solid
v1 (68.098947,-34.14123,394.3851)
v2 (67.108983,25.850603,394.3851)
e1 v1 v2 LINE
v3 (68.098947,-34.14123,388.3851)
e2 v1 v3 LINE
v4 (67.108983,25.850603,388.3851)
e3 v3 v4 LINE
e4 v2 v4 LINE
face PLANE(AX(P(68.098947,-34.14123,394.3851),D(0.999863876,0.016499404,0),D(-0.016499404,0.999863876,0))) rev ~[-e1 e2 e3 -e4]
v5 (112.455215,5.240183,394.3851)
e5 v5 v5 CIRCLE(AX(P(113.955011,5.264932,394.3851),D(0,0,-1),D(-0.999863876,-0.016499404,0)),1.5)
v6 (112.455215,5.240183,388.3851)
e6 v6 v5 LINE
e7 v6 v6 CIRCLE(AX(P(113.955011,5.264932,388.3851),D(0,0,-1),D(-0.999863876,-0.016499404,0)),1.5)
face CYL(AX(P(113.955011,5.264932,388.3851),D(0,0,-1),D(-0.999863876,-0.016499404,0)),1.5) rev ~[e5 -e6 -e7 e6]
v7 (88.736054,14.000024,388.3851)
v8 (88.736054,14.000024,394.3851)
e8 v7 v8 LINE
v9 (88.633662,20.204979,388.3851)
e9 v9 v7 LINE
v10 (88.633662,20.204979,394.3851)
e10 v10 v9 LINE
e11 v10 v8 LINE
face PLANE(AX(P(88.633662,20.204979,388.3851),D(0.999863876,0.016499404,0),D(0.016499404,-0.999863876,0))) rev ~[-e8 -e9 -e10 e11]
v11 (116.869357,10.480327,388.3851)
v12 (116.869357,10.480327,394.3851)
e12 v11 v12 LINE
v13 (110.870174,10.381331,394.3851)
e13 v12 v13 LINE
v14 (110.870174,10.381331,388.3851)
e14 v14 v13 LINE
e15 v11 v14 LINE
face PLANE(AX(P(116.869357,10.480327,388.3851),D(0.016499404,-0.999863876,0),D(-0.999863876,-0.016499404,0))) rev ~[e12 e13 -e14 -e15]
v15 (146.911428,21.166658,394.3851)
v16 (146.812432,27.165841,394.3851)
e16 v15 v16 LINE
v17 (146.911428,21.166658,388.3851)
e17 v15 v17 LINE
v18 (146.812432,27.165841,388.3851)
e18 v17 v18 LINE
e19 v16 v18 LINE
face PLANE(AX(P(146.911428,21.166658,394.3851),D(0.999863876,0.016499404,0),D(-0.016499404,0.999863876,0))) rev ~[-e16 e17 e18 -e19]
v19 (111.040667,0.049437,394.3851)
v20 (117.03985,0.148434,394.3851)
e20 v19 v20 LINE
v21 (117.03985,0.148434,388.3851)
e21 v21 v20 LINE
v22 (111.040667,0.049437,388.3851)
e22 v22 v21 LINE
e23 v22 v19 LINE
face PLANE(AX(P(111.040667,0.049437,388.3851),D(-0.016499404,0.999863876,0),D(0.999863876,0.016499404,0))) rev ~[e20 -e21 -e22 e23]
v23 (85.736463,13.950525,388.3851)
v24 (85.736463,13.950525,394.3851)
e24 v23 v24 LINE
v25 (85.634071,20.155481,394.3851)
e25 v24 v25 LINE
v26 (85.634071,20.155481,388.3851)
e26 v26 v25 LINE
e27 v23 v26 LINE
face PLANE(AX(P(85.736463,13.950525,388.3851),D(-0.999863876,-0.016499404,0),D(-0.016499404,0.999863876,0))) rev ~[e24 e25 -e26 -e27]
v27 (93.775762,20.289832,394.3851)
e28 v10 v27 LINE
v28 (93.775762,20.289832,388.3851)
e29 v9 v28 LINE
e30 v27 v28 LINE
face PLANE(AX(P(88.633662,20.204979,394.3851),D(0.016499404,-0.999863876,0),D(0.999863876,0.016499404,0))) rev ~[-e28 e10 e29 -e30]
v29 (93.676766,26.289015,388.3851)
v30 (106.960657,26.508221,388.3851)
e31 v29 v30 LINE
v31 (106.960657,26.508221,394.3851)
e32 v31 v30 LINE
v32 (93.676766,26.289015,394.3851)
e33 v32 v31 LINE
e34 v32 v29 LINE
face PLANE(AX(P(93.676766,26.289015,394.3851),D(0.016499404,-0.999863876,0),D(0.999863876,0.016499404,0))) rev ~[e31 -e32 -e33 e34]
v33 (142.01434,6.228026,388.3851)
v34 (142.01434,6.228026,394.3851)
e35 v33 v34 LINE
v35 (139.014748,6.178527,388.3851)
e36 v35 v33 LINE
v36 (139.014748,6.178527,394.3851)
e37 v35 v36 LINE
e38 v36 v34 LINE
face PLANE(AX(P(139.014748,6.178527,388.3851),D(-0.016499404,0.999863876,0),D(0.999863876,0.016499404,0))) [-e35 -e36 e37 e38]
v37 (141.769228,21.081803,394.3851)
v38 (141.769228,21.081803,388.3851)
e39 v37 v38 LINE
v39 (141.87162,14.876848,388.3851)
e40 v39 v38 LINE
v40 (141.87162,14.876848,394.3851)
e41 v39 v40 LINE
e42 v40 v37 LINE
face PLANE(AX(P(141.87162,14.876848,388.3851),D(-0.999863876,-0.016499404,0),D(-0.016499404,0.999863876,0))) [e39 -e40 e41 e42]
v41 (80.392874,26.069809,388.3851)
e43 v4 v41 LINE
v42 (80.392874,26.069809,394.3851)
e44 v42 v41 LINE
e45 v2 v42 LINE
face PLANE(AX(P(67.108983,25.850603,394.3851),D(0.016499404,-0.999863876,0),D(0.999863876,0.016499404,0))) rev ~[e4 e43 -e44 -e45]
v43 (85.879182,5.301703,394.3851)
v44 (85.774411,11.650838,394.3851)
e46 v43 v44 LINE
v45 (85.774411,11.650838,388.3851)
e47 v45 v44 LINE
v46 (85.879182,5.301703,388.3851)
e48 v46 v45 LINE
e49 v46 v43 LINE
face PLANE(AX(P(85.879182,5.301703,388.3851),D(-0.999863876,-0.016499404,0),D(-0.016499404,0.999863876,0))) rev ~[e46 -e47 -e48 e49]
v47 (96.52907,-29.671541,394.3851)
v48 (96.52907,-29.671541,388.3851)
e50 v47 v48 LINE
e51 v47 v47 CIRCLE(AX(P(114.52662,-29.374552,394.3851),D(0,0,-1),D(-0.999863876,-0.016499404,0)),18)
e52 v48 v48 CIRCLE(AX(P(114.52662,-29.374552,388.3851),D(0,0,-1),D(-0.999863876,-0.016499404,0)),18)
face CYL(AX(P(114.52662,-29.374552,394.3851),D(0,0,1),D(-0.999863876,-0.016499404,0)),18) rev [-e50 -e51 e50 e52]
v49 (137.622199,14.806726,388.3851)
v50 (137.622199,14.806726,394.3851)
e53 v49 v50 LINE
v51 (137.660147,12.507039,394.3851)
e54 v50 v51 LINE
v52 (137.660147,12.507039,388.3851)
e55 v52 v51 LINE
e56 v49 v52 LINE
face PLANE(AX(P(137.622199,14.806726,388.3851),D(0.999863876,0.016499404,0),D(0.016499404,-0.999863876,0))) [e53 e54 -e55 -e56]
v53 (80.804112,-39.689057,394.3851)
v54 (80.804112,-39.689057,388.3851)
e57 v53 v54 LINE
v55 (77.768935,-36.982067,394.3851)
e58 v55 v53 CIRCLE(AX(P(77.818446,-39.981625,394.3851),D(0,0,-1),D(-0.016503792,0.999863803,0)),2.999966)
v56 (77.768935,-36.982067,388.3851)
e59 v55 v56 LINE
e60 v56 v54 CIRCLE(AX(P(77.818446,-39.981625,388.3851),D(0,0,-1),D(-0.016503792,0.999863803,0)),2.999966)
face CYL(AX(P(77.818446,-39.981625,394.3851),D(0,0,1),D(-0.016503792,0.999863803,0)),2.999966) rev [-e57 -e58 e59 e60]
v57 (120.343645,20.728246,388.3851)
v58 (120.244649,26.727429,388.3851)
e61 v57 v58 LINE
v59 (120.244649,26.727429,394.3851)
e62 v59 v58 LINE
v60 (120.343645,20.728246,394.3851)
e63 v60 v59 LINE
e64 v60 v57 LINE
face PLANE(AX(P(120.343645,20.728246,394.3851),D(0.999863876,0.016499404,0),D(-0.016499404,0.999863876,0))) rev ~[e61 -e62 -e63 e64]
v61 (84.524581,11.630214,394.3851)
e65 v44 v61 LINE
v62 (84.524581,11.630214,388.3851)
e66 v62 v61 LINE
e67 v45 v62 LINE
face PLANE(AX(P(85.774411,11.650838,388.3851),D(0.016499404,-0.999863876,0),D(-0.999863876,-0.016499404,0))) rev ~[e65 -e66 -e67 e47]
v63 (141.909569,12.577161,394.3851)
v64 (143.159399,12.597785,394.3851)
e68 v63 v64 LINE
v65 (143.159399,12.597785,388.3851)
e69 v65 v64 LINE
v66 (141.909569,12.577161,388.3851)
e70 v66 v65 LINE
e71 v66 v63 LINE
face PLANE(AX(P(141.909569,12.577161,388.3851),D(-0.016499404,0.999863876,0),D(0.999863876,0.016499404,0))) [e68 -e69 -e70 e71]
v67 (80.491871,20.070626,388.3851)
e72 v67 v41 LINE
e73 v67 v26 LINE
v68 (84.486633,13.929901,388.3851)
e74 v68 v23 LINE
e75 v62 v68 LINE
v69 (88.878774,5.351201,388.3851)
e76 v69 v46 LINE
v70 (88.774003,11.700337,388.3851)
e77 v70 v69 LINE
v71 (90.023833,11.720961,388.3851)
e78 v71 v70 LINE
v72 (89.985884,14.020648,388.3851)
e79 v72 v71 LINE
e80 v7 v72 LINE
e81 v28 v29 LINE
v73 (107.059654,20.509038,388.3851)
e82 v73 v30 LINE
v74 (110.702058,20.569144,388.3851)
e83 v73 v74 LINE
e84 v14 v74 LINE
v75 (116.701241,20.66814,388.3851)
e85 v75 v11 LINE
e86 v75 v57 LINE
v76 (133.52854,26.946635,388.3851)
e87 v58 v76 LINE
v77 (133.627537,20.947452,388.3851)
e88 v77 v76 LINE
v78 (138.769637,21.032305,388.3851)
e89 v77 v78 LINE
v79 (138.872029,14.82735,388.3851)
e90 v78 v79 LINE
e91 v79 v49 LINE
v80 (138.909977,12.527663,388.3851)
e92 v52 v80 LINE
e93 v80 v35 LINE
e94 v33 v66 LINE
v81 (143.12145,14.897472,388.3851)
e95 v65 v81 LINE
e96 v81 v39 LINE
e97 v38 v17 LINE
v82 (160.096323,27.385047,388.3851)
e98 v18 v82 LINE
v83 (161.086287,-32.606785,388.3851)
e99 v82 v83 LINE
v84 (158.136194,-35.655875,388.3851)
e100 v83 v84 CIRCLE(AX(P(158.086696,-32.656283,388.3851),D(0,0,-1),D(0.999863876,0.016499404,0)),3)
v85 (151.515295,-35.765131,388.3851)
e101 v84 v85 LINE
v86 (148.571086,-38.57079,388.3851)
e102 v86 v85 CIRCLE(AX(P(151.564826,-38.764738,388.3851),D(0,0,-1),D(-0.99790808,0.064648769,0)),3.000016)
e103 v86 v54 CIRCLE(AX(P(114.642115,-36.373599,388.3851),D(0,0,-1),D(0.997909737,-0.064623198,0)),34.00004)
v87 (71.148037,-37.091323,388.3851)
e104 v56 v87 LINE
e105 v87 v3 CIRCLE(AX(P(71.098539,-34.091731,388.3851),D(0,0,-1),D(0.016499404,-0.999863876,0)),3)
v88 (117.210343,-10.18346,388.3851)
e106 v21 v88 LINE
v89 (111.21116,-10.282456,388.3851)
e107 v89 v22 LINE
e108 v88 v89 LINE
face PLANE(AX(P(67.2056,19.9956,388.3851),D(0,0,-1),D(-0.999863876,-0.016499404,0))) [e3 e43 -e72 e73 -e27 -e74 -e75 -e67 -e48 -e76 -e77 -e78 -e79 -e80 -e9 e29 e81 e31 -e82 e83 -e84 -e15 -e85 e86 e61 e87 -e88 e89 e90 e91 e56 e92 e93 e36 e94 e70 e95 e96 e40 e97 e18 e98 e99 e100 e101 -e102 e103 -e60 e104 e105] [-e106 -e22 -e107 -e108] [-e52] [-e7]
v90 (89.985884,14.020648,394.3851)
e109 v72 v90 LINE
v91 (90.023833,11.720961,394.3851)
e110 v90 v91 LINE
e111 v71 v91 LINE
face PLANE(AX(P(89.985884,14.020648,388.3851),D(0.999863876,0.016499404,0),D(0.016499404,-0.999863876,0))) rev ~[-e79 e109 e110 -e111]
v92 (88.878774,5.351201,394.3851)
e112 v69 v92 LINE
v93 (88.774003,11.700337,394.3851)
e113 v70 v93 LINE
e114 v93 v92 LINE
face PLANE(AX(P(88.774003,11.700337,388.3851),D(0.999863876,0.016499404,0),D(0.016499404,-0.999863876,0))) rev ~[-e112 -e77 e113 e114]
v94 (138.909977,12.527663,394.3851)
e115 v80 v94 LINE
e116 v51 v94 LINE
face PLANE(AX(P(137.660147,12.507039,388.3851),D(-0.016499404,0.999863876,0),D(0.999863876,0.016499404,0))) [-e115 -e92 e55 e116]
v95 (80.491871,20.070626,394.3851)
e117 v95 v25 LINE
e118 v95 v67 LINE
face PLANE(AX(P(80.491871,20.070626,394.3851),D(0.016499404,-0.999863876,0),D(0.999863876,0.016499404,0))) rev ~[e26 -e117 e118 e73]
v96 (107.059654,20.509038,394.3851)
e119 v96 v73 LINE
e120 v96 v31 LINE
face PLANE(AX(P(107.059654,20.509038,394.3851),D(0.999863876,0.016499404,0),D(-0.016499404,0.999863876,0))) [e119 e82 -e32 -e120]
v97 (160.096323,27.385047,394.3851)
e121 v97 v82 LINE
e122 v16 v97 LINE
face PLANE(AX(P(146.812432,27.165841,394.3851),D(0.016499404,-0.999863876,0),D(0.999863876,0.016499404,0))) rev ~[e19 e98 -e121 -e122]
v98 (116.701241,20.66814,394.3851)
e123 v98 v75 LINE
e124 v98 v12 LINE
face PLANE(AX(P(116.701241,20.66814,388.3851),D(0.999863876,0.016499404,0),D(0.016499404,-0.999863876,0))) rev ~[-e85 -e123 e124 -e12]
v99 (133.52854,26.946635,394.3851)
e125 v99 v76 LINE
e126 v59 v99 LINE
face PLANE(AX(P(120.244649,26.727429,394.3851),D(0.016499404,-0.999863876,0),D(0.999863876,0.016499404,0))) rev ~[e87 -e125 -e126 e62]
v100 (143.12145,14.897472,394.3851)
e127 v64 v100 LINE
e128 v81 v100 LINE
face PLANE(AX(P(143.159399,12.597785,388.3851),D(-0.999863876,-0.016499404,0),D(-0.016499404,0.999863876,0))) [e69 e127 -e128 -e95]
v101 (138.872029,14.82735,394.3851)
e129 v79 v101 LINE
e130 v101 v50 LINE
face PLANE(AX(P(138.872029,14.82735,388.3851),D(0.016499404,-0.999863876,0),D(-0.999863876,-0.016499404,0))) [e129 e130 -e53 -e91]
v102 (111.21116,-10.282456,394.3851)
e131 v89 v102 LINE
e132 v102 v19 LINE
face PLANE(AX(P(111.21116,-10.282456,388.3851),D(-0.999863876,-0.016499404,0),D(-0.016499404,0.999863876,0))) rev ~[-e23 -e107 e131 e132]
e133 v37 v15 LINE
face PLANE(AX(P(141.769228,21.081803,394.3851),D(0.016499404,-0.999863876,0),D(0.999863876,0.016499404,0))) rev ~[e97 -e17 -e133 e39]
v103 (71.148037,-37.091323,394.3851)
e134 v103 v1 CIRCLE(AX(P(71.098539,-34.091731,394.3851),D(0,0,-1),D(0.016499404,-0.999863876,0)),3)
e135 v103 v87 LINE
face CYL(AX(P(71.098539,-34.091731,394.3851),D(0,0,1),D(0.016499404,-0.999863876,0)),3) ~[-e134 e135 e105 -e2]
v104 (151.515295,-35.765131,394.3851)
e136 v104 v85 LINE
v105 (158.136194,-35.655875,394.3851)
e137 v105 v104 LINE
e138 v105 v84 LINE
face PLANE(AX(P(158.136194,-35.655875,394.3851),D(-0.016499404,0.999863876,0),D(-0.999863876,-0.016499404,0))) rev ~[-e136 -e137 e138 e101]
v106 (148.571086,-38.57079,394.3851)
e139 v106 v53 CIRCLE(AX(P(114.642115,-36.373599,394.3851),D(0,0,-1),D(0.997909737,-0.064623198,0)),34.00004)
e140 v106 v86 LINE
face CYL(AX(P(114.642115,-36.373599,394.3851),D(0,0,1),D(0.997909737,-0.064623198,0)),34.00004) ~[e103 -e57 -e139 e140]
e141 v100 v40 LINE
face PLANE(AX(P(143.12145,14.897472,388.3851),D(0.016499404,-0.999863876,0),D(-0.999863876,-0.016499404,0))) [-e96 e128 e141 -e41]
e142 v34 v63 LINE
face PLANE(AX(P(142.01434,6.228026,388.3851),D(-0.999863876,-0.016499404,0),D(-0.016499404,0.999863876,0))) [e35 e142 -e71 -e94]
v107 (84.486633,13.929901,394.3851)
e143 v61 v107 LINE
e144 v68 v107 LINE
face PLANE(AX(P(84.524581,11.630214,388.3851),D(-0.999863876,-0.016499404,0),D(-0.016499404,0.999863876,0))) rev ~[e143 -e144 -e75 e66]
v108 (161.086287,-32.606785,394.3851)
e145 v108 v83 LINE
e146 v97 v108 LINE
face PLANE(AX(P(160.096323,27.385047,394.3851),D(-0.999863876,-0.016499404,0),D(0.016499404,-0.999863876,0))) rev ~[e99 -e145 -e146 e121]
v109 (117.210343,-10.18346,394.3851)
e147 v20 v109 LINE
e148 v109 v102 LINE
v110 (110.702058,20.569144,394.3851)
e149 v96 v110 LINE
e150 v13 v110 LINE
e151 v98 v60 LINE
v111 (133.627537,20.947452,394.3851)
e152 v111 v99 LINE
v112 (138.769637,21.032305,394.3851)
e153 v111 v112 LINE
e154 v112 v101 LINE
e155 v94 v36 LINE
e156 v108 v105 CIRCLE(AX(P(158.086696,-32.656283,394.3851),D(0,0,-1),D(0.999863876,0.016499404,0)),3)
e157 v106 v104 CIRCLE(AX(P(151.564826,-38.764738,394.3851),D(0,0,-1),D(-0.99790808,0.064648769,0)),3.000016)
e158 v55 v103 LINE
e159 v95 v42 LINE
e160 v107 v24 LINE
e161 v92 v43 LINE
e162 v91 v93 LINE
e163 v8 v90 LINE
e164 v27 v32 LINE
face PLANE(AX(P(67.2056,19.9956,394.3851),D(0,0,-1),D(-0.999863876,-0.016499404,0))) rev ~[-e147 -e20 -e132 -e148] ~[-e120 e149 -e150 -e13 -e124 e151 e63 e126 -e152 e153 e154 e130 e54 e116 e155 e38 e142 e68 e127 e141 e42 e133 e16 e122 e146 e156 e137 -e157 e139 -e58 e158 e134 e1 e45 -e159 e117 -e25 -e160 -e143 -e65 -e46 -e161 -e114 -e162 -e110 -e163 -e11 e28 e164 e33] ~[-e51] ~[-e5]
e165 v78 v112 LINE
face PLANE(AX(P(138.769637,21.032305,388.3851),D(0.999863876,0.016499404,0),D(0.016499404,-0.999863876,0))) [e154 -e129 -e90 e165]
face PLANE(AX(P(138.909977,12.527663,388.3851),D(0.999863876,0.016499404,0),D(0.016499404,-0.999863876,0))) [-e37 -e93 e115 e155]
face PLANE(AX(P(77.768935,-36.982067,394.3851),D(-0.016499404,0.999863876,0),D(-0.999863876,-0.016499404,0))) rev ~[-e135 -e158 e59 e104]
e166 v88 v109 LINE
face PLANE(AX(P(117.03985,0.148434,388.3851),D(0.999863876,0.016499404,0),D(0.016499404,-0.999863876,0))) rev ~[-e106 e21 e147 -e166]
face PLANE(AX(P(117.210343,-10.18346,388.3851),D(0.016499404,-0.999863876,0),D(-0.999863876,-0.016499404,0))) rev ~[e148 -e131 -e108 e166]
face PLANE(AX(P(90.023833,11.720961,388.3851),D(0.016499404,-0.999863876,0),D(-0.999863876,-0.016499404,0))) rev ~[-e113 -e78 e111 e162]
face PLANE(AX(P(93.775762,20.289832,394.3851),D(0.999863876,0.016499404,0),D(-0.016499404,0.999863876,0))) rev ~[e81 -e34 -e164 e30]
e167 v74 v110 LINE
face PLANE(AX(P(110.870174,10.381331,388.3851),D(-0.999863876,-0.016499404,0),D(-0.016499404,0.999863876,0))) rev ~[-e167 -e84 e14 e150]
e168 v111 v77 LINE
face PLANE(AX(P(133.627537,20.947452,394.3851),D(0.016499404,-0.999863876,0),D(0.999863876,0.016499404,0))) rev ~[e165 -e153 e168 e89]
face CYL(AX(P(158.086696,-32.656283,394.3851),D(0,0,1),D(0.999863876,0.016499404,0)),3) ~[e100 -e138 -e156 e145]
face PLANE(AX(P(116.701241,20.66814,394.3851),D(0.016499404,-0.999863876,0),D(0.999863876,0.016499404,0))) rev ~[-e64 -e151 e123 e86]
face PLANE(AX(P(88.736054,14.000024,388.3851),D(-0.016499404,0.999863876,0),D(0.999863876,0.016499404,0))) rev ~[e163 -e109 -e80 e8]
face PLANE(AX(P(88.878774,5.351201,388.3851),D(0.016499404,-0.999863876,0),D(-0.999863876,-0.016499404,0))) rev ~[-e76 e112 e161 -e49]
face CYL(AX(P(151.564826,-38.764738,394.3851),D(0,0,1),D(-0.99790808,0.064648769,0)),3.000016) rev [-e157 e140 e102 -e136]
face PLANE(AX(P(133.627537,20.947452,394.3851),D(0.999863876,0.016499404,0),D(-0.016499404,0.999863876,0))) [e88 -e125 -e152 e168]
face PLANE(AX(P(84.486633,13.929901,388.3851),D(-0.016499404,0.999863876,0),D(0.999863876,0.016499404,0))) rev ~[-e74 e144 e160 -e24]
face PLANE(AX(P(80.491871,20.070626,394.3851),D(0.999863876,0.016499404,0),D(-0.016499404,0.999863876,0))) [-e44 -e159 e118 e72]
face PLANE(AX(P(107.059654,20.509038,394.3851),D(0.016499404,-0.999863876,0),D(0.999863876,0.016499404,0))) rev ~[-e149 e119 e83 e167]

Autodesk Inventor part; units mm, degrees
ref_plane "YZ Plane" through (0, 0, 0) normal (1, 0, 0) x (0, 1, 0)
ref_plane "XZ Plane" through (0, 0, 0) normal (0, 1, 0) x (-1, 0, 0)
ref_plane "РабПлоскость1" through (67.2056, 19.9956, 394.3851) normal (0, 0, -1) x (-0.9999, -0.0165, 0)
sketch "Эскиз1" plane through (67.2056, 19.9956, 394.3851) normal (0, 0, -1) x (-0.9999, -0.0165, 0)
  line L0 (-9.6218, -57.1442) -> (-3, -57.1442) projected
  arc A0 (-9.6218, -57.1442) -> (-12.6119, -59.9009) centre (-9.6218, -60.1442) ccw projected
  arc A1 (-3, -57.1442) -> (0, -54.1442) centre (-3, -54.1442) ccw projected
  line L1 (0, -54.1442) -> (0, 5.8558) projected
  line L2 (0, 5.8558) -> (-13.2857, 5.8558) projected
  line L3 (-13.2857, -0.1442) -> (-13.2857, 5.8558) projected
  line L4 (-13.2857, -0.1442) -> (-26.5714, -0.1442)
  line L5 (-26.5714, -0.1442) -> (-26.5714, 5.8558)
  line L6 (-26.5714, 5.8558) -> (-39.8571, 5.8558) projected
  line L7 (-39.8571, -0.1442) -> (-39.8571, 5.8558) projected
  line L8 (-39.8571, -0.1442) -> (-53.1429, -0.1442)
  line L9 (-53.1429, -0.1442) -> (-53.1429, 5.8558)
  line L10 (-53.1429, 5.8558) -> (-66.4286, 5.8558) projected
  line L11 (-66.4286, -0.1442) -> (-66.4286, 5.8558) projected
  line L12 (-66.4286, -0.1442) -> (-79.7143, -0.1442)
  line L13 (-79.7143, -0.1442) -> (-79.7143, 5.8558)
  line L14 (-79.7143, 5.8558) -> (-93, 5.8558) projected
  line L15 (-93, 5.8558) -> (-93, -54.1442) projected
  arc A2 (-93, -54.1442) -> (-90, -57.1442) centre (-90, -54.1442) ccw projected
  line L16 (-90, -57.1442) -> (-83.3782, -57.1442) projected
  arc A3 (-80.3881, -59.9009) -> (-83.3782, -57.1442) centre (-83.3782, -60.1442) ccw projected
  arc A4 (-80.3881, -59.9009) -> (-12.6119, -59.9009) centre (-46.5, -57.1442) ccw projected
  circle A5 centre (-46.5, -50.1442) radius 18
  line L17 (-74.5714, -0.1442) -> (-79.7143, -0.1442) projected
  line L18 (-21.4286, -0.1442) -> (-26.5714, -0.1442) projected
  line L19 (-49.5, -0.1442) -> (-53.1429, -0.1442) projected
  circle A6 centre (-46.5, -50.1442) radius 18 construction
  point P0 (67.5262, -18.8845)
  dimension "d0" = 6
extrude "Выдавливание1" add sketch "Эскиз1" along normal blind 6
sketch "Эскиз2" plane through (67.2056, 19.9956, 388.3851) normal (0, 0, -1) x (-0.9999, -0.0165, 0)
  circle A0 centre (-46.5, -15.5) radius 1.5 projected
  line L0 (-49.5, -10.3334) -> (-49.5, -0.1442) construction
  line L1 (-43.5, -0.1442) -> (-43.5, -10.3334) construction
  line L2 (-43.5, -20.6667) -> (-43.5, -31) construction
  line L3 (-49.5, -31) -> (-49.5, -20.6667) construction
  line L4 (-49.5, -31) -> (-43.5, -31)
  line L5 (-43.5, -31) -> (-43.5, -20.6667)
  line L6 (-43.5, -20.6667) -> (-49.5, -20.6667)
  line L7 (-49.5, -20.6667) -> (-49.5, -31)
  line L8 (-49.5, -10.3334) -> (-43.5, -10.3334)
  line L9 (-43.5, -10.3334) -> (-43.5, -0.1442)
  line L10 (-43.5, -0.1442) -> (-49.5, -0.1442)
  line L11 (-49.5, -0.1442) -> (-49.5, -10.3334)
  line L12 (-17.1786, -8.65) -> (-17.1786, -6.35)
  line L13 (-17.1786, -6.35) -> (-18.4286, -6.35)
  line L14 (-18.4286, -6.35) -> (-18.4286, -0.1442)
  line L15 (-21.4286, -0.1442) -> (-21.4286, -6.35)
  line L16 (-21.4286, -6.35) -> (-22.6786, -6.35)
  line L17 (-22.6786, -6.35) -> (-22.6786, -8.65)
  line L18 (-22.6786, -8.65) -> (-21.4286, -8.65)
  line L19 (-21.4286, -8.65) -> (-21.4286, -15)
  line L20 (-21.4286, -15) -> (-18.4286, -15)
  line L21 (-18.4286, -15) -> (-18.4286, -8.65)
  line L22 (-18.4286, -8.65) -> (-17.1786, -8.65)
  line L23 (-21.4286, -0.1442) -> (-18.4286, -0.1442)
  line L24 (-46.5, -10.3334) -> (-46.5, -0.1442) construction
  line L25 (-75.8214, -8.65) -> (-75.8214, -6.35)
  line L26 (-75.8214, -6.35) -> (-74.5714, -6.35)
  line L27 (-74.5714, -6.35) -> (-74.5714, -0.1442)
  line L28 (-71.5714, -0.1442) -> (-71.5714, -6.35)
  line L29 (-71.5714, -6.35) -> (-70.3214, -6.35)
  line L30 (-70.3214, -6.35) -> (-70.3214, -8.65)
  line L31 (-70.3214, -8.65) -> (-71.5714, -8.65)
  line L32 (-71.5714, -8.65) -> (-71.5714, -15)
  line L33 (-71.5714, -15) -> (-74.5714, -15)
  line L34 (-74.5714, -15) -> (-74.5714, -8.65)
  line L35 (-74.5714, -8.65) -> (-75.8214, -8.65)
  line L36 (-71.5714, -0.1442) -> (-74.5714, -0.1442)
  point P0 (67.5262, -18.8845)
extrude "Выдавливание2" cut sketch "Эскиз2" against normal blind 6
equation "\"d1\" = d0"
equation "\"d3\" = d0"
properties part number "motor2"
